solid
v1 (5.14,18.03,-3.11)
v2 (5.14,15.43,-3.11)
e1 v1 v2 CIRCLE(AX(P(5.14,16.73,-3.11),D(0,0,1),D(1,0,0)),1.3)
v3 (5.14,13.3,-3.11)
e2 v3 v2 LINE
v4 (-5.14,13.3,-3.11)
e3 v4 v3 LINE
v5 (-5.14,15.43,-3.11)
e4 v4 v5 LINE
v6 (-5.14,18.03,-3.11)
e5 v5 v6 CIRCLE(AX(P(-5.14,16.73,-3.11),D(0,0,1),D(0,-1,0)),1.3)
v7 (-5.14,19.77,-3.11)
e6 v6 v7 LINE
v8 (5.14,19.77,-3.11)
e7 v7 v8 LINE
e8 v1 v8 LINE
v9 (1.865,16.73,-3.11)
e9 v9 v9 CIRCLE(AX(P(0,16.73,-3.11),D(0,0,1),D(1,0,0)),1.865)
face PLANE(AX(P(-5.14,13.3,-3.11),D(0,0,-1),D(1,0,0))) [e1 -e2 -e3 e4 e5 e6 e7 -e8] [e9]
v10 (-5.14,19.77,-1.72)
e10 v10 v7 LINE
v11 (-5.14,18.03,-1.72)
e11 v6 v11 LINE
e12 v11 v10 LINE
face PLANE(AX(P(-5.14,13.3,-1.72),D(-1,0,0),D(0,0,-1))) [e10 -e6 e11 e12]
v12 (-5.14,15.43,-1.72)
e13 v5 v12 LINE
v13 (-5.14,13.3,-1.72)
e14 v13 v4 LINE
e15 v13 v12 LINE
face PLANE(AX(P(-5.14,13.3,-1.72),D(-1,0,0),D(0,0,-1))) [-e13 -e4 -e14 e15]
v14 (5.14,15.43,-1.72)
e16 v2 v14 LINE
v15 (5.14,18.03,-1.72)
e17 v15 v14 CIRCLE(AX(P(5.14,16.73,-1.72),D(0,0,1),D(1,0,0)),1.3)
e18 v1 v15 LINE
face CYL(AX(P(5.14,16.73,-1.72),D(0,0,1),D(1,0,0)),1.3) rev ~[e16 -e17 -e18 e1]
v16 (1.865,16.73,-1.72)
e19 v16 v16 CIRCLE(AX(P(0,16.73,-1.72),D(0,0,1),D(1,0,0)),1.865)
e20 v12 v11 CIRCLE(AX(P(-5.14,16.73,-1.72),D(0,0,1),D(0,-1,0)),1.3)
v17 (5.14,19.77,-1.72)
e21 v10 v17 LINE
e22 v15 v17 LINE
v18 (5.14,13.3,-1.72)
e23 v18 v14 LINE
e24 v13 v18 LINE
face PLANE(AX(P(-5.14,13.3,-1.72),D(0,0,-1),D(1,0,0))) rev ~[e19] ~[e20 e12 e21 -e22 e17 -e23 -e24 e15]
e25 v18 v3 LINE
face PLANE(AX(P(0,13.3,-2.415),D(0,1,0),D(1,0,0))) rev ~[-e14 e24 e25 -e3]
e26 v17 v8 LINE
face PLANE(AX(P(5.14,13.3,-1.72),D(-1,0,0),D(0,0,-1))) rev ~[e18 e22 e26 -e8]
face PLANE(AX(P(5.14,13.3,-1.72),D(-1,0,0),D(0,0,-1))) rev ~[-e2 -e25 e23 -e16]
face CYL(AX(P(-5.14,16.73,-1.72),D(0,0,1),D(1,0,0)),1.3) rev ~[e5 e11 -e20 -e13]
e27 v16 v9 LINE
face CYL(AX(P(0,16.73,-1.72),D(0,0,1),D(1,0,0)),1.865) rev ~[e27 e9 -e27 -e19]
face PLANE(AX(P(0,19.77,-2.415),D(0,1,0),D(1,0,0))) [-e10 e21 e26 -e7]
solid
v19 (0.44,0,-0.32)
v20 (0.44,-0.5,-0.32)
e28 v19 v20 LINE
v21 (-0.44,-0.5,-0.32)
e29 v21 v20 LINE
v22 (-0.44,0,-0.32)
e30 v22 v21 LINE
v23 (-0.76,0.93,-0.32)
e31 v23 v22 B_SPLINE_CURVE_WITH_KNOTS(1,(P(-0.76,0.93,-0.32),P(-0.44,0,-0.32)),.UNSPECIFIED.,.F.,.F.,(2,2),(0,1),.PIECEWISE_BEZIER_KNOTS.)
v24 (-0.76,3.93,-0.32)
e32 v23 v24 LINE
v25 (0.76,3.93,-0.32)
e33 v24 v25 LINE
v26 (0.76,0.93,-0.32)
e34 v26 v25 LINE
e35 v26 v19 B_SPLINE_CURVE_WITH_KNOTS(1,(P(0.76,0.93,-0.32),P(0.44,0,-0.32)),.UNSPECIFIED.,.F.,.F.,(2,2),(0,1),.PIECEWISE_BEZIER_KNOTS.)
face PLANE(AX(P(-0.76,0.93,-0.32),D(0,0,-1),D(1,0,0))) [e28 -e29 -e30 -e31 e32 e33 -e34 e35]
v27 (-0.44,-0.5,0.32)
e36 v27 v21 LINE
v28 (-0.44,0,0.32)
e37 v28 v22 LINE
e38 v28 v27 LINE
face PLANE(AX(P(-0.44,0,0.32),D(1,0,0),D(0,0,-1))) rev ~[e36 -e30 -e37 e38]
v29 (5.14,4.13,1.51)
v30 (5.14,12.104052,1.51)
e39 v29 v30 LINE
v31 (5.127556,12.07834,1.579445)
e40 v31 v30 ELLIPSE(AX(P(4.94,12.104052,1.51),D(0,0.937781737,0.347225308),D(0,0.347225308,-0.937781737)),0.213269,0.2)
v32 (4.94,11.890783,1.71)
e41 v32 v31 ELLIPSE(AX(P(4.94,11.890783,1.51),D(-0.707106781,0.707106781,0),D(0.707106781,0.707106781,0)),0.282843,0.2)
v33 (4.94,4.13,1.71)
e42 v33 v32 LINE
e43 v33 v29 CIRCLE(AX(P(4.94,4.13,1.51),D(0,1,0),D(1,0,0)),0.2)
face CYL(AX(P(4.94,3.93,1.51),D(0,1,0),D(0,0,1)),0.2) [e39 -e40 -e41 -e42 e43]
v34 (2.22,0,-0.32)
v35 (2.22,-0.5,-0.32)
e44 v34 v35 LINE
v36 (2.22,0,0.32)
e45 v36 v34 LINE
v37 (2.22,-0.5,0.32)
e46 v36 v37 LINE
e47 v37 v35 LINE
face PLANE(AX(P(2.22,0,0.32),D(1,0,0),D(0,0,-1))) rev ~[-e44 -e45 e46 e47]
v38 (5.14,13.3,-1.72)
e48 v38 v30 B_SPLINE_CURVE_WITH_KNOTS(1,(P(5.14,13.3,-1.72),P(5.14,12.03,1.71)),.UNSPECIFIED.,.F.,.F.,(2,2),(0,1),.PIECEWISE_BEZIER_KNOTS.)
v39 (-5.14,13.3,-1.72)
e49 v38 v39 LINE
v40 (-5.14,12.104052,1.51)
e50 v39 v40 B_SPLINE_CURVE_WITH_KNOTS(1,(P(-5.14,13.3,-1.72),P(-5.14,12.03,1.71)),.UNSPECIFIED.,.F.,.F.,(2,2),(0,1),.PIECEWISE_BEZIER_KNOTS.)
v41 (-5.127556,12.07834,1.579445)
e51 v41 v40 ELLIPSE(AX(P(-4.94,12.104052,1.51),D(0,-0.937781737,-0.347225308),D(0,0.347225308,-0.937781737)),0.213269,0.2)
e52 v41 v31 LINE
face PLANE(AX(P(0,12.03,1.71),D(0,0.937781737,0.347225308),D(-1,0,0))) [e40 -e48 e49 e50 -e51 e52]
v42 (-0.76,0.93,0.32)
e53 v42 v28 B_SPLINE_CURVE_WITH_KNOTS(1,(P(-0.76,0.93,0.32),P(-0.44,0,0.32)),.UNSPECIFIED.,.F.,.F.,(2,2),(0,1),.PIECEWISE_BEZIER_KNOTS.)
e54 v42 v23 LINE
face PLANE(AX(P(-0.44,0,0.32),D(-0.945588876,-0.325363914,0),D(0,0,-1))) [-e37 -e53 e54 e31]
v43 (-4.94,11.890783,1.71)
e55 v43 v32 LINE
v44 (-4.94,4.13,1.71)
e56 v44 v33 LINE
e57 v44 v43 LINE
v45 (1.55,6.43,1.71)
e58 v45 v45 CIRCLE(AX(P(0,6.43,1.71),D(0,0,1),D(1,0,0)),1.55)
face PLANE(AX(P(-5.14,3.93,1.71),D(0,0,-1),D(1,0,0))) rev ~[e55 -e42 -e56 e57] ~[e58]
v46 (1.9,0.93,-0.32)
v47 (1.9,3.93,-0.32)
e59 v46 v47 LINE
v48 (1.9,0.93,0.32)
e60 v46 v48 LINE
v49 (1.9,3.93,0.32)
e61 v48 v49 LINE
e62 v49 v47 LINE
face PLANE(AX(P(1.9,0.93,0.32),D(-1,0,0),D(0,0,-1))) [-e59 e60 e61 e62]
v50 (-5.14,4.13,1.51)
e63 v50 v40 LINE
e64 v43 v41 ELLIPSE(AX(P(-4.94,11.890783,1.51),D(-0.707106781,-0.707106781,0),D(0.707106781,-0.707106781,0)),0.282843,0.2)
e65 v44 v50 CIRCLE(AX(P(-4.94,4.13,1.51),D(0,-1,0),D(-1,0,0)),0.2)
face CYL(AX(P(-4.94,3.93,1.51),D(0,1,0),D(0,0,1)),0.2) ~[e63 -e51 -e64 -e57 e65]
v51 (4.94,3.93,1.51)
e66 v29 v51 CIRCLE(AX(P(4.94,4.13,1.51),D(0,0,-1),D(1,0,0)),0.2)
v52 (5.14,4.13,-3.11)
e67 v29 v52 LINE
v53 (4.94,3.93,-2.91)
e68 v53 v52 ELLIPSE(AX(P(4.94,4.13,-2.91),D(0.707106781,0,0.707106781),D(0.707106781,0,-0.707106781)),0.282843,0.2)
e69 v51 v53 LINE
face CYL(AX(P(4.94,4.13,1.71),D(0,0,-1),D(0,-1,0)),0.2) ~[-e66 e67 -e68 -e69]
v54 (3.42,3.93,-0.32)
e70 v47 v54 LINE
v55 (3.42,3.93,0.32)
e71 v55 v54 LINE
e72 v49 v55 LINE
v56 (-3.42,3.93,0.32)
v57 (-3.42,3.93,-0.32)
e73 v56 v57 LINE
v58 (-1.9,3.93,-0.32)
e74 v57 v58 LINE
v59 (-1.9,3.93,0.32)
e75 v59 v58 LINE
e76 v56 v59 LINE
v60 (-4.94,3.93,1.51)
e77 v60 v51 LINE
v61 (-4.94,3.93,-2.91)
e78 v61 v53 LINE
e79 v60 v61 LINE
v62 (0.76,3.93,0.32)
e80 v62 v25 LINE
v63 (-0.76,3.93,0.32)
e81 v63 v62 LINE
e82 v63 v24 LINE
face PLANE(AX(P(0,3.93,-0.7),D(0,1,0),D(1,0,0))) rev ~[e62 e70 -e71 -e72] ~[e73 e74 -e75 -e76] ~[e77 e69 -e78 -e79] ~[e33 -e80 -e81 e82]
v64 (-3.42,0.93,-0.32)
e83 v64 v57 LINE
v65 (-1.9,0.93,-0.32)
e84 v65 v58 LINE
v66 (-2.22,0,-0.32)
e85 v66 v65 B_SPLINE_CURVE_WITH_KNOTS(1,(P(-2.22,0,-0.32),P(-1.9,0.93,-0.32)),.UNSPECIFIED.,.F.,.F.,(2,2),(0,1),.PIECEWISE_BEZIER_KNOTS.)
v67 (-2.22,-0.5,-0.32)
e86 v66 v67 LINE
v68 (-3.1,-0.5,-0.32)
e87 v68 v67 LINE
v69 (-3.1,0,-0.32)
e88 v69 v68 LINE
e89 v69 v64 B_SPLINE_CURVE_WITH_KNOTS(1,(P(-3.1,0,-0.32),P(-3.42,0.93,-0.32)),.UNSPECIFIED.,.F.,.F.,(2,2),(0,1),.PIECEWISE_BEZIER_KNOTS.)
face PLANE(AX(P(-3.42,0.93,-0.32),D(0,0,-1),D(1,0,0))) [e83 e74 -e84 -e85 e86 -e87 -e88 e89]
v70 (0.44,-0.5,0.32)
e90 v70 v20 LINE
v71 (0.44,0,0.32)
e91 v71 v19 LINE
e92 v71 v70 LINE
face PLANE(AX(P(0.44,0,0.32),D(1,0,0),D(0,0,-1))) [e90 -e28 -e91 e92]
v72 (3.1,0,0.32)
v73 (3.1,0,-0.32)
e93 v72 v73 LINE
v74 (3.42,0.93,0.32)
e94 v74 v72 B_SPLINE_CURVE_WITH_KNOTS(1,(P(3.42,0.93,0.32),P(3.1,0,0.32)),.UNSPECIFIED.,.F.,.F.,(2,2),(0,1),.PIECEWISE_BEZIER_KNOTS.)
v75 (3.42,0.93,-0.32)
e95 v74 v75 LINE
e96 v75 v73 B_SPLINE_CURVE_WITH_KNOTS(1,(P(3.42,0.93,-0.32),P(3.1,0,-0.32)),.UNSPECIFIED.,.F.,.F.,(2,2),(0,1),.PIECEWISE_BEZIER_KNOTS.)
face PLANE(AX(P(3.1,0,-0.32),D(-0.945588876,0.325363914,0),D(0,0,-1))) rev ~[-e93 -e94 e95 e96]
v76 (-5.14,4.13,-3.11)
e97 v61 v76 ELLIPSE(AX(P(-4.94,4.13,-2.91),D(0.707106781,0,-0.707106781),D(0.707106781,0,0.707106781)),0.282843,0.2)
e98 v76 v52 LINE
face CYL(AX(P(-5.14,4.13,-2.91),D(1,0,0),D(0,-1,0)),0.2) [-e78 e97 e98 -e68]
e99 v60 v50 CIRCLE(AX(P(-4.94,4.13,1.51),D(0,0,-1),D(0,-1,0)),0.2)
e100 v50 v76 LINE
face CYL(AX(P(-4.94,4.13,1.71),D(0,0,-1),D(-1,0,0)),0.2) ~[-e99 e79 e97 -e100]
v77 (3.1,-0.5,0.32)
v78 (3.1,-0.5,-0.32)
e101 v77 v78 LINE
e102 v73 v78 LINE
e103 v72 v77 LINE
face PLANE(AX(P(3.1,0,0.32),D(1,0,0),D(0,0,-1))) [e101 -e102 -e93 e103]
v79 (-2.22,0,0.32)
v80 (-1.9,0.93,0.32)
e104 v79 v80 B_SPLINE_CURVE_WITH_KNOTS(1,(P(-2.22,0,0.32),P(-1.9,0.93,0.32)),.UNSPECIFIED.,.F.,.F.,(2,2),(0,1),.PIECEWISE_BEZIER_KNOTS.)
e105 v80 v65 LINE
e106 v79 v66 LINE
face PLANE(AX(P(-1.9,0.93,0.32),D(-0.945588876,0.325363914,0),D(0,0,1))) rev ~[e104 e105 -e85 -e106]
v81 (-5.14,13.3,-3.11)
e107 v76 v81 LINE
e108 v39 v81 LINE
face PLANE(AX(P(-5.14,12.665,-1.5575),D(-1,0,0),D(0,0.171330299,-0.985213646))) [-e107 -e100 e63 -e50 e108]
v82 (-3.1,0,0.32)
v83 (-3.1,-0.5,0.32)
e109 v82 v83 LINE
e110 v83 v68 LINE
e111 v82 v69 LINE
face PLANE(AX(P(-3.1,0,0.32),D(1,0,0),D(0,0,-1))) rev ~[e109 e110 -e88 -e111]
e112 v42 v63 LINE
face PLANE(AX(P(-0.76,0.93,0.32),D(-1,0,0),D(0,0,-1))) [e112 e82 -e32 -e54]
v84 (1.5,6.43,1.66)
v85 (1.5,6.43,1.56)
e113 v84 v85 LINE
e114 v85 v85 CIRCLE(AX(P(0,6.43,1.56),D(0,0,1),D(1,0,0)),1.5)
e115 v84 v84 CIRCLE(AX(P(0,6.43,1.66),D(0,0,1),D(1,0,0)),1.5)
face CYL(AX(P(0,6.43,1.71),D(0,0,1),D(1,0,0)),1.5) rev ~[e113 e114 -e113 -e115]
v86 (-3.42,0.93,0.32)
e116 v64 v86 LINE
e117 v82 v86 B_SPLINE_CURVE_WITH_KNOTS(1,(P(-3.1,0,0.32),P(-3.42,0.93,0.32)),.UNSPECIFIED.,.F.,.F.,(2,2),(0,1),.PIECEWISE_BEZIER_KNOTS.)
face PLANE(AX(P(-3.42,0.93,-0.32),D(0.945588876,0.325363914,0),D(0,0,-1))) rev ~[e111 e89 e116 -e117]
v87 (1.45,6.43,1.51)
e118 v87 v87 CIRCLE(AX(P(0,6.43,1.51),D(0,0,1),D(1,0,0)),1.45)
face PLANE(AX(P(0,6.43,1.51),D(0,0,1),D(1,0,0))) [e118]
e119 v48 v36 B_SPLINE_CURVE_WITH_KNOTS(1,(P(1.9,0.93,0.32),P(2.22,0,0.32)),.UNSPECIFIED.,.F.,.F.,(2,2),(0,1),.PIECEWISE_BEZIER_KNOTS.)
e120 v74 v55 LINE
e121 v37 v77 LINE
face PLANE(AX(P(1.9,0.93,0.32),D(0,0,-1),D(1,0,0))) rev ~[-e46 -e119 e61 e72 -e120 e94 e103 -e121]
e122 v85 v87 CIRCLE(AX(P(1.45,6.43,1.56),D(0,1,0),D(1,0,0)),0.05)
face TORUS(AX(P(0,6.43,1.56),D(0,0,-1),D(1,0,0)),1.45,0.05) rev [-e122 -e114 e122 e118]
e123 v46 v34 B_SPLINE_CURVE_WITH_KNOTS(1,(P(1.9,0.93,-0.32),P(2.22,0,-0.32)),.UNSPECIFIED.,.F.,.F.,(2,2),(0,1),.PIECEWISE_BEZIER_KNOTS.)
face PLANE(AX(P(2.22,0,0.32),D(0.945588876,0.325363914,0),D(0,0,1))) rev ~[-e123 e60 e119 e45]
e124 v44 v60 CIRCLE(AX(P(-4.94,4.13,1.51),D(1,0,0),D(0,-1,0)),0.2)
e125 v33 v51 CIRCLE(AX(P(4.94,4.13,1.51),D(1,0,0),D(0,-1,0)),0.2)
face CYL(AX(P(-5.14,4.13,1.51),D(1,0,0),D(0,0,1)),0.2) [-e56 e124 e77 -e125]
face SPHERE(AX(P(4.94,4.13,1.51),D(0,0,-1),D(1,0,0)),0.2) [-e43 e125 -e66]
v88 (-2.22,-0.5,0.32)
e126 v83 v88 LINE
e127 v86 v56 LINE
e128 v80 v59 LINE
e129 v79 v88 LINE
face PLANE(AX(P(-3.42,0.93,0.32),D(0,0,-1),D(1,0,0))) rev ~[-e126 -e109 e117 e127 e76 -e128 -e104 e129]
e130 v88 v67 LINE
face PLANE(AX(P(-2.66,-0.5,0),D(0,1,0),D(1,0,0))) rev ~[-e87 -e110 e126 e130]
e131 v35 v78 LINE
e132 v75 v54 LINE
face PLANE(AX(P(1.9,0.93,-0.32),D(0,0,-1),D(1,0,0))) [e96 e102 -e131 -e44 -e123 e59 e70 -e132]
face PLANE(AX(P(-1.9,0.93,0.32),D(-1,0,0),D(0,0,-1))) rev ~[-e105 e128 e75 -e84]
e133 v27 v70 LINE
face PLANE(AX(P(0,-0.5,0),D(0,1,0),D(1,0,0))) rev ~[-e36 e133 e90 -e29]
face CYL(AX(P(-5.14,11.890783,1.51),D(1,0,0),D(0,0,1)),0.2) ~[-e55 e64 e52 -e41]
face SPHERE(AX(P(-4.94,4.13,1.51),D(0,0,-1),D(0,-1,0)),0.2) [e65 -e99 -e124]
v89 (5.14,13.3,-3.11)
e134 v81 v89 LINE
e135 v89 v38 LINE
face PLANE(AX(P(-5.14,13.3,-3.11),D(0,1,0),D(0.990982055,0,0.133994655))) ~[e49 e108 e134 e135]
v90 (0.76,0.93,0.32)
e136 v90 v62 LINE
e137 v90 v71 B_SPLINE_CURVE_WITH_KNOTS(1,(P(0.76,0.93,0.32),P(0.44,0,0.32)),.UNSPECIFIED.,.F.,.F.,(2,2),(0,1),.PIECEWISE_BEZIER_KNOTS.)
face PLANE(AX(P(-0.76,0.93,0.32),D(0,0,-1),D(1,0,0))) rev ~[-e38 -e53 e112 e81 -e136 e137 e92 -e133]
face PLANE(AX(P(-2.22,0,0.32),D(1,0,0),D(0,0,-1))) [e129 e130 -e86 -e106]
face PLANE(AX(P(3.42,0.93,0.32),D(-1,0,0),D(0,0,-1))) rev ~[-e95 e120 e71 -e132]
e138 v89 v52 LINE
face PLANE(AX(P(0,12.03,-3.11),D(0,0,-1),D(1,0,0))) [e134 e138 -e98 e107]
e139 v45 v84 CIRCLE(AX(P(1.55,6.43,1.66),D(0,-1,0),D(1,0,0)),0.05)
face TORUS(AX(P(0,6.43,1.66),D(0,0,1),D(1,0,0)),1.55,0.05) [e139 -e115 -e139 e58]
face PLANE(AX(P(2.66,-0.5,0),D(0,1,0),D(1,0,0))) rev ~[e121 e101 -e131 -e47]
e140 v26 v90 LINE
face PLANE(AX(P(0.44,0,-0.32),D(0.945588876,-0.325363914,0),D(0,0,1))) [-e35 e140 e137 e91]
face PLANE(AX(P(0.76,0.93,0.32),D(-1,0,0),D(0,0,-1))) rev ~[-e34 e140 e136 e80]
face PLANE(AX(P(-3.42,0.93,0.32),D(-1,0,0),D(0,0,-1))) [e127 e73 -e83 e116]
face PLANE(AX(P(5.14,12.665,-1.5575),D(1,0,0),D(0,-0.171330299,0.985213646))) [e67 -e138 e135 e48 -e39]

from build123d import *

# Parameters (mm, degrees)
SKETCH_1_W          = 0.88
SKETCH_1_H          = 0.64
EXTRUDE_1_DEPTH     = 0.5
EXTRUDE_1_2_DEPTH   = 0.5
EXTRUDE_1_3_DEPTH   = 0.5
SKETCH_2_7_W        = 1.52
SKETCH_2_7_H        = 0.64
EXTRUDE_2_DEPTH     = 3
SKETCH_4_W          = 10.28
SKETCH_4_H          = 4.82
EXTRUDE_3_DEPTH     = 8.1
SKETCH_5_2_W        = 10.28
SKETCH_5_2_H        = 1.39
EXTRUDE_4_DEPTH     = 6.47
SKETCH_8_R          = 1.865
CUT_EXTRUDE_1_DEPTH = 1.39
SKETCH_9_R          = 1.5
CUT_EXTRUDE_2_DEPTH = 0.2
FILLET_2_R          = 0.05
SKETCH_10_R         = 1.3
CUT_EXTRUDE_3_DEPTH = 1.39
FILLET_4_R          = 0.2


with BuildPart() as part:
    # Эскиз1 → Бобышка-Вытянуть1 (new body)
    with BuildSketch(Plane(origin=(0, 0, 0), x_dir=(1, 0, 0), z_dir=(0, 1, 0))):
        with Locations((2.66, 0)):
            Rectangle(SKETCH_1_W, SKETCH_1_H)
    extrude(amount=-EXTRUDE_1_DEPTH)

    # Эскиз2<6> → По сечениям3 section 0
    with BuildSketch(Plane(origin=(0, 0.93, 0), x_dir=(1, 0, 0), z_dir=(0, 1, 0))):
        with BuildLine():
            Line((1.9, 0.32), (1.9, -0.32))
            Line((1.9, -0.32), (3.42, -0.32))
            Line((3.42, -0.32), (3.42, 0.32))
            Line((3.42, 0.32), (1.9, 0.32))
        make_face()
    # Эскиз3<6> → По сечениям3 section 1
    with BuildSketch(Plane(origin=(0, 0, 0), x_dir=(1, 0, 0), z_dir=(0, 1, 0))):
        with BuildLine():
            Line((2.22, 0.32), (3.1, 0.32))
            Line((3.1, 0.32), (3.1, -0.32))
            Line((3.1, -0.32), (2.22, -0.32))
            Line((2.22, -0.32), (2.22, 0.32))
        make_face()
    loft()



with BuildPart() as body_2:
    # Эскиз1 → Extrude 1 2 (new body)
    with BuildSketch(Plane(origin=(0, 0, 0), x_dir=(1, 0, 0), z_dir=(0, 1, 0))):
        Rectangle(SKETCH_1_W, SKETCH_1_H)
    extrude(amount=-EXTRUDE_1_2_DEPTH)

    # Эскиз2<5> → По сечениям2 section 0
    with BuildSketch(Plane(origin=(0, 0.93, 0), x_dir=(1, 0, 0), z_dir=(0, 1, 0))):
        with BuildLine():
            Line((-0.76, 0.32), (0.76, 0.32))
            Line((0.76, 0.32), (0.76, -0.32))
            Line((0.76, -0.32), (-0.76, -0.32))
            Line((-0.76, -0.32), (-0.76, 0.32))
        make_face()
    # Эскиз3<5> → По сечениям2 section 1
    with BuildSketch(Plane(origin=(0, 0, 0), x_dir=(1, 0, 0), z_dir=(0, 1, 0))):
        with BuildLine():
            Line((-0.44, 0.32), (0.44, 0.32))
            Line((0.44, 0.32), (0.44, -0.32))
            Line((0.44, -0.32), (-0.44, -0.32))
            Line((-0.44, -0.32), (-0.44, 0.32))
        make_face()
    loft()


with BuildPart() as body_3:
    # Эскиз1 → Extrude 1 3 (new body)
    with BuildSketch(Plane(origin=(0, 0, 0), x_dir=(1, 0, 0), z_dir=(0, 1, 0))):
        with Locations((-2.66, 0)):
            Rectangle(SKETCH_1_W, SKETCH_1_H)
    extrude(amount=-EXTRUDE_1_3_DEPTH)

    # Эскиз3 → По сечениям1 section 0
    with BuildSketch(Plane(origin=(0, 0, 0), x_dir=(1, 0, 0), z_dir=(0, 1, 0))):
        with BuildLine():
            Line((-3.1, 0.32), (-2.22, 0.32))
            Line((-2.22, 0.32), (-2.22, -0.32))
            Line((-2.22, -0.32), (-3.1, -0.32))
            Line((-3.1, -0.32), (-3.1, 0.32))
        make_face()
    # Эскиз2 → По сечениям1 section 1
    with BuildSketch(Plane(origin=(0, 0.93, 0), x_dir=(1, 0, 0), z_dir=(0, 1, 0))):
        with BuildLine():
            Line((-3.42, 0.32), (-3.42, -0.32))
            Line((-3.42, -0.32), (-1.9, -0.32))
            Line((-1.9, -0.32), (-1.9, 0.32))
            Line((-1.9, 0.32), (-3.42, 0.32))
        make_face()
    loft()


with BuildPart() as part_1:
    add(part.part)

    add(body_2.part)  # Бобышка-Вытянуть2 merges body 2

    add(body_3.part)  # Бобышка-Вытянуть2 merges body 3
    # Эскиз2<7> → Бобышка-Вытянуть2 (add)
    with BuildSketch(Plane(origin=(0, 0.93, 0), x_dir=(1, 0, 0), z_dir=(0, 1, 0))):
        Rectangle(SKETCH_2_7_W, SKETCH_2_7_H)
        with Locations((2.66, 0)):
            Rectangle(SKETCH_2_7_W, SKETCH_2_7_H)
        with Locations((-2.66, 0)):
            Rectangle(SKETCH_2_7_W, SKETCH_2_7_H)
    extrude(amount=EXTRUDE_2_DEPTH)

    # Эскиз4 → Бобышка-Вытянуть3 (add)
    with BuildSketch(Plane(origin=(0, 3.93, 0), x_dir=(1, 0, 0), z_dir=(0, 1, 0))):
        with Locations((0, 0.7)):
            Rectangle(SKETCH_4_W, SKETCH_4_H)
    extrude(amount=EXTRUDE_3_DEPTH)

    # Эскиз5 → section 0 of loft_4
    with BuildSketch(Plane(origin=(0, 13.3, 0), x_dir=(1, 0, 0), z_dir=(0, 1, 0)), mode=Mode.PRIVATE) as loft_4_s0:
        with BuildLine():
            Line((-5.14, 3.11), (5.14, 3.11))
            Line((5.14, 3.11), (5.14, 1.72))
            Line((5.14, 1.72), (-5.14, 1.72))
            Line((-5.14, 1.72), (-5.14, 3.11))
        make_face()
    # loft up to a face of the part (loft_4)
    loft([loft_4_s0.sketch, part_1.faces().sort_by_distance((0, 12.03, -0.7))[0]])

    # Эскиз9 → Вырез-Вытянуть2 (cut)
    with BuildSketch(Plane.XY.offset(1.71)):
        with Locations((0, 6.43)):
            Circle(SKETCH_9_R)
    extrude(amount=-CUT_EXTRUDE_2_DEPTH, mode=Mode.SUBTRACT)

    # Скругление2
    fillet_2_edges = [part_1.edges().sort_by_distance(p)[0] for p in [
        (-1.5, 6.43, 1.51),
        (-1.5, 6.43, 1.71),
    ]]
    fillet(fillet_2_edges, radius=FILLET_2_R)

    # Скругление4
    fillet_4_edges = [part_1.edges().sort_by_distance(p)[0] for p in [
        (5.14, 3.93, -0.7),
        (5.14, 7.98, 1.71),
        (0, 3.93, -3.11),
        (-5.14, 3.93, -0.7),
        (0, 3.93, 1.71),
        (-5.14, 7.98, 1.71),
        (0, 12.03, 1.71),
    ]]
    fillet(fillet_4_edges, radius=FILLET_4_R)


with BuildPart() as body_2_2:
    # Эскиз5<2> → Бобышка-Вытянуть4 (new body)
    with BuildSketch(Plane(origin=(0, 13.3, 0), x_dir=(1, 0, 0), z_dir=(0, 1, 0))):
        with Locations((0, 2.415)):
            Rectangle(SKETCH_5_2_W, SKETCH_5_2_H)
    extrude(amount=EXTRUDE_4_DEPTH)

    # Эскиз8 → Вырез-Вытянуть1 (cut)
    with BuildSketch(Plane.XY.offset(-1.72)):
        with Locations((0, 16.73)):
            Circle(SKETCH_8_R)
    extrude(amount=-CUT_EXTRUDE_1_DEPTH, mode=Mode.SUBTRACT)

    # Эскиз10 → Вырез-Вытянуть3 (cut)
    with BuildSketch(Plane.XY.offset(-1.72)):
        with Locations((5.14, 16.73)):
            Circle(SKETCH_10_R)
        with Locations((-5.14, 16.73)):
            Circle(SKETCH_10_R)
    extrude(amount=-CUT_EXTRUDE_3_DEPTH, mode=Mode.SUBTRACT)


solid = Compound([part_1.part, body_2_2.part])
